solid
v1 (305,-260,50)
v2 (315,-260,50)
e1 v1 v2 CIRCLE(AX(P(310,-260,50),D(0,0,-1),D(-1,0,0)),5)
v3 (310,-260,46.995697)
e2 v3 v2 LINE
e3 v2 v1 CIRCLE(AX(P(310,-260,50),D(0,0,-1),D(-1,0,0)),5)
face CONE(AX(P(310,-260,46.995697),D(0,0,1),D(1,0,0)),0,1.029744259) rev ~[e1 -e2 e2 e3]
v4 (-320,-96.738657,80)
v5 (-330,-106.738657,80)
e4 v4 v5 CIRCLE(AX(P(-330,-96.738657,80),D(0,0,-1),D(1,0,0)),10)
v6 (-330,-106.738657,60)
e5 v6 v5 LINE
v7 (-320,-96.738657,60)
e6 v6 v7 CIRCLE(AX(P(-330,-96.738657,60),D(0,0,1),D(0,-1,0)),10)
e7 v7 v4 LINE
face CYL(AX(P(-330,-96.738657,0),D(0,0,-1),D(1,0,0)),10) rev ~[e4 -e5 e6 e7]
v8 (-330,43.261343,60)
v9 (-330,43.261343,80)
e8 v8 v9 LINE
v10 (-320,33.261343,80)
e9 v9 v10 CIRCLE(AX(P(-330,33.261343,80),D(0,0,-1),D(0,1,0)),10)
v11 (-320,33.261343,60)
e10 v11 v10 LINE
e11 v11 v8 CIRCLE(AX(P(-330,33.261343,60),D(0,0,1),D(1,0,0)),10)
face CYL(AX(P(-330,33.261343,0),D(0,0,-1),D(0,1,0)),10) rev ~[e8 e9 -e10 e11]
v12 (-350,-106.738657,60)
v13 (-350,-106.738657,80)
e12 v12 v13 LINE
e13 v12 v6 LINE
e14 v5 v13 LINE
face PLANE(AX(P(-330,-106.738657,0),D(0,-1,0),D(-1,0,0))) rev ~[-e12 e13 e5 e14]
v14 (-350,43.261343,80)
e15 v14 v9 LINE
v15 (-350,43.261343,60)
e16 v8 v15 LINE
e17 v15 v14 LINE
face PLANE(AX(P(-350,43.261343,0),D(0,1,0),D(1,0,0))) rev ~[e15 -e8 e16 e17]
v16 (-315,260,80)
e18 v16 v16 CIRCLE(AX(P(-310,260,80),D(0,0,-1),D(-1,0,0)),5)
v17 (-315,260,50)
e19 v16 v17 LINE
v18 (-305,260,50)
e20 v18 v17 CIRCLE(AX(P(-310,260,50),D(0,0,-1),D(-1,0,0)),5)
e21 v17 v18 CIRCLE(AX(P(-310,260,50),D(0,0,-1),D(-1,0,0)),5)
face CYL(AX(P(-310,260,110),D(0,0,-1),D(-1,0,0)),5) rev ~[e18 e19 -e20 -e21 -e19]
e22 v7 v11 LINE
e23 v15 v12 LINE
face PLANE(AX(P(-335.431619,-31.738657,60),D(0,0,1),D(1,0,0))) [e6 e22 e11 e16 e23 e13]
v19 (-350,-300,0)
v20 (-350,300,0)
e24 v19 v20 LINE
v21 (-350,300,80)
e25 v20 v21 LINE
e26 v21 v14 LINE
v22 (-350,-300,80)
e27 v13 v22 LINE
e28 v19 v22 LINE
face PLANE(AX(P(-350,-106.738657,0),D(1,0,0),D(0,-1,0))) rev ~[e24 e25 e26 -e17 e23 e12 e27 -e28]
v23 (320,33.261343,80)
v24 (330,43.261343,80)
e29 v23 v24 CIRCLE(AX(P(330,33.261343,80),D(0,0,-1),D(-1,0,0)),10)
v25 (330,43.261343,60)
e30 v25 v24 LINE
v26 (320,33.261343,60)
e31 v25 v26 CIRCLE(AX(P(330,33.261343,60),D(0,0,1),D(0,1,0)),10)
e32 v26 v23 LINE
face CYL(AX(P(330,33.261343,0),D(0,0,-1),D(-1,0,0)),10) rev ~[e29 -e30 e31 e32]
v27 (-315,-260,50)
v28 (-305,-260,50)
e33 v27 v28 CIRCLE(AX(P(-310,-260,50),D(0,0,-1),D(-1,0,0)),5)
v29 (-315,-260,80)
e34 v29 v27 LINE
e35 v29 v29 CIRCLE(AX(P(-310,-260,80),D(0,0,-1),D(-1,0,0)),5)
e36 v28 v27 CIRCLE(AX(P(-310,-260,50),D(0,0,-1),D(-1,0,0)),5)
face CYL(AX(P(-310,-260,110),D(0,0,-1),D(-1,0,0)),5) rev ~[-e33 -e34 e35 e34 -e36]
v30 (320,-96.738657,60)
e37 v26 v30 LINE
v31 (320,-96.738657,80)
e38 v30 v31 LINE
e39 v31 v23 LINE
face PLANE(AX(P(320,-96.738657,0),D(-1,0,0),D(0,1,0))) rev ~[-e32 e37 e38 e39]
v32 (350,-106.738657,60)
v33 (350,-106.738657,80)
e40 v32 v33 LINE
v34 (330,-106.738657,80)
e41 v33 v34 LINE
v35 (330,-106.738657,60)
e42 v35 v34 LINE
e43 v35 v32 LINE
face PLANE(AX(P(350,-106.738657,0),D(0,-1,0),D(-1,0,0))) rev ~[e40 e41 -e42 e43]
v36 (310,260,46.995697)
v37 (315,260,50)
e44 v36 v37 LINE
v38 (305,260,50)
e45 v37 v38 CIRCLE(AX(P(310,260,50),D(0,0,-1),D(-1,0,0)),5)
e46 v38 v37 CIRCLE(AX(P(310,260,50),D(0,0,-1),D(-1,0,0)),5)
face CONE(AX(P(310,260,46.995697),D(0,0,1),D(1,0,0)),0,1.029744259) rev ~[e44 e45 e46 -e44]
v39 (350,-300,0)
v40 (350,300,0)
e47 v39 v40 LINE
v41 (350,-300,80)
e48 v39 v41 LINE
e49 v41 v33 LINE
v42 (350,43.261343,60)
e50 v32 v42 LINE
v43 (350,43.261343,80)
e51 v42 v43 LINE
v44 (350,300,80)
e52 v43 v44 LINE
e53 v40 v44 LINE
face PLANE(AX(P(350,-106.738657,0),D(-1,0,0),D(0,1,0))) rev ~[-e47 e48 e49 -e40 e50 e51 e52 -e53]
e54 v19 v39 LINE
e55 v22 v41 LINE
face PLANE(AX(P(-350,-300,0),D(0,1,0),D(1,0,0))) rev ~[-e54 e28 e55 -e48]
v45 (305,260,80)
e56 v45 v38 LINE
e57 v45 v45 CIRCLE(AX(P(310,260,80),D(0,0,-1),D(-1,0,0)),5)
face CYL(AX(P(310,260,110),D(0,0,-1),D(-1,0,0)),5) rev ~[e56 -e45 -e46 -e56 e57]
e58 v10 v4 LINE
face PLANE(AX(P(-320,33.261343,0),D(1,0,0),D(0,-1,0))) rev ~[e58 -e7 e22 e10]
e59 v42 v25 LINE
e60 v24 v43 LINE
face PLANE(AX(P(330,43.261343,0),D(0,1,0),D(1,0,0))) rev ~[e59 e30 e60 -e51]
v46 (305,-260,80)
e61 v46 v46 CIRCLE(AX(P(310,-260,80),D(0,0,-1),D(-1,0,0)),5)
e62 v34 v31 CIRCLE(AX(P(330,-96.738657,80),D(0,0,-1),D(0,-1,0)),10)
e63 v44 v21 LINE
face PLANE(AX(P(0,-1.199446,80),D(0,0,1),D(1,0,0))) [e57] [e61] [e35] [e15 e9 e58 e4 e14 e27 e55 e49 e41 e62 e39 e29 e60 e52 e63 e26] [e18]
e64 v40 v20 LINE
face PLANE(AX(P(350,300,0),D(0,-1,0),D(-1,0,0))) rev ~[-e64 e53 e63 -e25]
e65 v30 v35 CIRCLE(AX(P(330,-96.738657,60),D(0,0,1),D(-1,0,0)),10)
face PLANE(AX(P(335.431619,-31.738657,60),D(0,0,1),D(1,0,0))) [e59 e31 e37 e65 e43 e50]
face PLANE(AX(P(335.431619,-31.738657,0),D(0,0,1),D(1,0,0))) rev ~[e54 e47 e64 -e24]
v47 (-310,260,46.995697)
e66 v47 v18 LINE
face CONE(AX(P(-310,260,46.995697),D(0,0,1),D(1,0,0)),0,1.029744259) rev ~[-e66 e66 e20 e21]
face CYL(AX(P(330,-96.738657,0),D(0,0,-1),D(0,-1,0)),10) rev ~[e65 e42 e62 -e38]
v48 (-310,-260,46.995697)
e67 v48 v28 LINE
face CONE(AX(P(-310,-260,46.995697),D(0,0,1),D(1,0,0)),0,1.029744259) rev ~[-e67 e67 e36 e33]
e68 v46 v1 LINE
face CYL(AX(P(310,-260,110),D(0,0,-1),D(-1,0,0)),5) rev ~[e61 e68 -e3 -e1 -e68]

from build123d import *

# Parameters (mm, degrees)
F1_DEPTH = 80
F2_DEPTH = 60
F4_D     = 10
F4_DEPTH = 30
F4_TIP   = 3.0043030951


with BuildPart() as f1:
    # F0 (on Top) → F1 (new body)
    with BuildSketch(Plane.XY):
        with BuildLine():
            Line((350, 43.2613432407), (350, 300))
            Line((350, 300), (-350, 300))
            Line((-350, 300), (-350, 43.2613432407))
            Line((-350, 43.2613432407), (-330, 43.2613432407))
            ThreePointArc((-330, 43.2613432407), (-322.9289321881, 40.3324110526), (-320, 33.2613432407))
            Line((-320, 33.2613432407), (-320, -96.7386567593))
            ThreePointArc((-320, -96.7386567593), (-322.9289321881, -103.8097245711), (-330, -106.7386567593))
            Line((-330, -106.7386567593), (-350, -106.7386567593))
            Line((-350, -106.7386567593), (-350, -300))
            Line((-350, -300), (350, -300))
            Line((350, -300), (350, -106.7386567593))
            Line((350, -106.7386567593), (330, -106.7386567593))
            ThreePointArc((330, -106.7386567593), (322.9289321881, -103.8097245711), (320, -96.7386567593))
            Line((320, -96.7386567593), (320, 33.2613432407))
            ThreePointArc((320, 33.2613432407), (322.9289321881, 40.3324110526), (330, 43.2613432407))
            Line((330, 43.2613432407), (350, 43.2613432407))
        make_face()
    extrude(amount=F1_DEPTH)

    # F0 (on Top) → F2 (join)
    with BuildSketch(Plane.XY):
        with BuildLine():
            Line((350, -106.7386567593), (350, 43.2613432407))
            Line((350, 43.2613432407), (330, 43.2613432407))
            ThreePointArc((330, 43.2613432407), (322.9289321881, 40.3324110526), (320, 33.2613432407))
            Line((320, 33.2613432407), (320, -96.7386567593))
            ThreePointArc((320, -96.7386567593), (322.9289321881, -103.8097245711), (330, -106.7386567593))
            Line((330, -106.7386567593), (350, -106.7386567593))
        make_face()
        with BuildLine():
            Line((-330, 43.2613432407), (-350, 43.2613432407))
            Line((-350, 43.2613432407), (-350, -106.7386567593))
            Line((-350, -106.7386567593), (-330, -106.7386567593))
            ThreePointArc((-330, -106.7386567593), (-322.9289321881, -103.8097245711), (-320, -96.7386567593))
            Line((-320, -96.7386567593), (-320, 33.2613432407))
            ThreePointArc((-320, 33.2613432407), (-322.9289321881, 40.3324110526), (-330, 43.2613432407))
        make_face()
    extrude(amount=F2_DEPTH)

    # F4
    with Locations(Plane.XY.offset(80)):
        with Locations((310, -260), (-310, -260), (310, 260), (-310, 260)):
            Hole(F4_D / 2, depth=F4_DEPTH)
            with Locations((0, 0, -(F4_DEPTH + F4_TIP / 2))):  # 118° drill point
                Cone(0, F4_D / 2, F4_TIP, mode=Mode.SUBTRACT)


solid = f1.part
